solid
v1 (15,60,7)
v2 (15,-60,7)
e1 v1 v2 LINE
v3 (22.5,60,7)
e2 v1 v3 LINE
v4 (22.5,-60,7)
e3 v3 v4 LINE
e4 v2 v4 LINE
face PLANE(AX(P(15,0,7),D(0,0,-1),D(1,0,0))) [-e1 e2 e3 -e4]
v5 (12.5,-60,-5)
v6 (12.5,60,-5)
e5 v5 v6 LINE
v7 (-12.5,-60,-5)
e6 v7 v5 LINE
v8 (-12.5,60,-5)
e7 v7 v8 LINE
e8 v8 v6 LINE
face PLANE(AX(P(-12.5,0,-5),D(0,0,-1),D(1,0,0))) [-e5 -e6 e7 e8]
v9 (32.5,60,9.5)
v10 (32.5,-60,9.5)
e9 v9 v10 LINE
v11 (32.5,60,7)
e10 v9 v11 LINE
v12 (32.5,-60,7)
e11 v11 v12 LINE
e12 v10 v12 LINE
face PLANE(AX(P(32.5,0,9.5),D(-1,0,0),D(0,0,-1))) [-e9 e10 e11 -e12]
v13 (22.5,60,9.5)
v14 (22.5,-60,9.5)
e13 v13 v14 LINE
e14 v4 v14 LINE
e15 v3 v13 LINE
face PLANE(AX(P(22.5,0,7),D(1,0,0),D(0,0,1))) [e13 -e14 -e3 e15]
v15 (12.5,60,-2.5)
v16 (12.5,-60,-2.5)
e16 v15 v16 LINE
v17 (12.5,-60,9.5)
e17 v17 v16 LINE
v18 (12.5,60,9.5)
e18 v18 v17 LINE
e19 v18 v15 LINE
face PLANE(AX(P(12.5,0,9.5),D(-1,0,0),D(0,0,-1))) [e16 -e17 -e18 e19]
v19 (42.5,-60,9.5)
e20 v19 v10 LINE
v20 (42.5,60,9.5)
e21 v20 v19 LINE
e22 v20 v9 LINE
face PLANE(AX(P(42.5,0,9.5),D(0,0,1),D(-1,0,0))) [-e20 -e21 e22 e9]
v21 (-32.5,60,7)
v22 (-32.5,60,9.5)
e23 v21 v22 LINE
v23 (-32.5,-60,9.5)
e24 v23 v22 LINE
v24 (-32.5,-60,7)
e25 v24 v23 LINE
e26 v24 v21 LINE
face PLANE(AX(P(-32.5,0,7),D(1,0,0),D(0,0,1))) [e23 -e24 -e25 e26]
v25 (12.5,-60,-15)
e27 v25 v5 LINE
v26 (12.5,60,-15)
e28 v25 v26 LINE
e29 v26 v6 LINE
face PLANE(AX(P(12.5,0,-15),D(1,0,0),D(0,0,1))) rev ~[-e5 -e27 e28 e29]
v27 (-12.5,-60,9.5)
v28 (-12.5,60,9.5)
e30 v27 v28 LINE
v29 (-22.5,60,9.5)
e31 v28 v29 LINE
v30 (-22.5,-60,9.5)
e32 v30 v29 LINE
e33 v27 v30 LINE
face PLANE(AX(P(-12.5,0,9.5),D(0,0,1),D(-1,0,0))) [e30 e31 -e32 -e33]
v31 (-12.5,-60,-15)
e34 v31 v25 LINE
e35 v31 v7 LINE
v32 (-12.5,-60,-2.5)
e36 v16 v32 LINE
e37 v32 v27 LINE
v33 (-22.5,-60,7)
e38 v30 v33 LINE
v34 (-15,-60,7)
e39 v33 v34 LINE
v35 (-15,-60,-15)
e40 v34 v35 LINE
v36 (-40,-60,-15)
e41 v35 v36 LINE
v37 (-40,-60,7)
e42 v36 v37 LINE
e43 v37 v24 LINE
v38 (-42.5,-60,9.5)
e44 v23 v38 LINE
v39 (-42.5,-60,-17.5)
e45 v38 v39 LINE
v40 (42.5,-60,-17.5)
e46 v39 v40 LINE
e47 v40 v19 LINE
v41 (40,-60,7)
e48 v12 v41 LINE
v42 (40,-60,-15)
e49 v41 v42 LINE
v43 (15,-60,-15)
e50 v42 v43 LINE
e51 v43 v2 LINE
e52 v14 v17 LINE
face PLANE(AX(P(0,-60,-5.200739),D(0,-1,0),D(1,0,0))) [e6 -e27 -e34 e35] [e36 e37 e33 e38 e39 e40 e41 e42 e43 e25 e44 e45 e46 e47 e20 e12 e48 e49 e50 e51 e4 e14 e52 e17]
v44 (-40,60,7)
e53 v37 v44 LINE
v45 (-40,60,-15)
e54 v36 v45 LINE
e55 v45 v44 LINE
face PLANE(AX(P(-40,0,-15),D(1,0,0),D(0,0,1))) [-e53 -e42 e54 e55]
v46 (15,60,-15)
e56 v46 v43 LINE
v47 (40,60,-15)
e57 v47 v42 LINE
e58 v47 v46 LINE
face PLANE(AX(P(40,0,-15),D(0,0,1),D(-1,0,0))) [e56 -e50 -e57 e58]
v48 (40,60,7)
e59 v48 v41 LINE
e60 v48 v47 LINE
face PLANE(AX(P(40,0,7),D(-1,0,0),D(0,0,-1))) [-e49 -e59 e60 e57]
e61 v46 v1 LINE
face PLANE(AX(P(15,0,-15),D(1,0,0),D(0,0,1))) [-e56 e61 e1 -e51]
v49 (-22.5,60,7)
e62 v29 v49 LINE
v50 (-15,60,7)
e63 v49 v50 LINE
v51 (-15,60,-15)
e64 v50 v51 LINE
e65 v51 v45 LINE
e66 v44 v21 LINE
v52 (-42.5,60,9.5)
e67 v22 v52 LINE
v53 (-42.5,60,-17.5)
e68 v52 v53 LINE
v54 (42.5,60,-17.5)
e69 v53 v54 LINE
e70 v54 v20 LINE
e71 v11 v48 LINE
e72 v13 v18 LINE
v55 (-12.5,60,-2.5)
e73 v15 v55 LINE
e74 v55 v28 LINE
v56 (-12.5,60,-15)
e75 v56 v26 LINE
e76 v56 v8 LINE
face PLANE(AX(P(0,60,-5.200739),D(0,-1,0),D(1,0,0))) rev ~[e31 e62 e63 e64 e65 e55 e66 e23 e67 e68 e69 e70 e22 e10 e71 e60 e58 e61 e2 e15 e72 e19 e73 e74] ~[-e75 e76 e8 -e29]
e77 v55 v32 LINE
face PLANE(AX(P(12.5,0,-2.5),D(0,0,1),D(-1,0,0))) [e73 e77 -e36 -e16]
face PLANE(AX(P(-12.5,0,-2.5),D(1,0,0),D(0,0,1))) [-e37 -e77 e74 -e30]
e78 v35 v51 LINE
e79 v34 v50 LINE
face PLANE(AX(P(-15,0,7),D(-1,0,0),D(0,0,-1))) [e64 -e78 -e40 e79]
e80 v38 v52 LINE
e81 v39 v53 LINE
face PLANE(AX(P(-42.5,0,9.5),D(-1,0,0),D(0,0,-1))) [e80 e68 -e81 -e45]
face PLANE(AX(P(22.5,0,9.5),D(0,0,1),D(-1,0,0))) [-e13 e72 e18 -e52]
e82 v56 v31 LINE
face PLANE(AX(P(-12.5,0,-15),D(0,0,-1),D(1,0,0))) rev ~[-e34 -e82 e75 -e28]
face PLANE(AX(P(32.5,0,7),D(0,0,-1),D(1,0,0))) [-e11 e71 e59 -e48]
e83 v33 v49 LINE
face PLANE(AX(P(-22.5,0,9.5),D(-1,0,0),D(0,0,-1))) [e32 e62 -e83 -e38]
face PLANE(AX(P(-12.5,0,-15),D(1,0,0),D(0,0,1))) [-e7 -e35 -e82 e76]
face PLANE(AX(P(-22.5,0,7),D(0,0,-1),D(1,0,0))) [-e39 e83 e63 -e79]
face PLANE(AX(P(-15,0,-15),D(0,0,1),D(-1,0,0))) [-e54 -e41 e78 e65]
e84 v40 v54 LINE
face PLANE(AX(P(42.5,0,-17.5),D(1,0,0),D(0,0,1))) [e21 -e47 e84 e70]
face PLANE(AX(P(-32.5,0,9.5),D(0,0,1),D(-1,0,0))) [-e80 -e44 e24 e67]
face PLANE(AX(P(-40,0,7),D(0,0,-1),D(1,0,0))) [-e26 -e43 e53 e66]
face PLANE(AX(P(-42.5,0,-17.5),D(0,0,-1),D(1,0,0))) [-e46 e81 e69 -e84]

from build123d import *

# Parameters (mm, degrees)
F0_W     = 25
F0_H     = 10
F1_DEPTH = 60


with BuildPart() as f1:
    # F0 (on Front) → F1 (new body, symmetric)
    with BuildSketch(Plane.XZ):
        Polygon((42.5, -17.5), (42.5, 9.5), (32.5, 9.5), (32.5, 7), (40, 7), (40, -15), (15, -15), (15, 7), (22.5, 7), (22.5, 9.5), (12.5, 9.5), (12.5, -2.5), (-12.5, -2.5), (-12.5, 9.5), (-22.5, 9.5), (-22.5, 7), (-15, 7), (-15, -15), (-40, -15), (-40, 7), (-32.5, 7), (-32.5, 9.5), (-42.5, 9.5), (-42.5, -17.5), align=None)
        with Locations((0, -10)):
            Rectangle(F0_W, F0_H, mode=Mode.SUBTRACT)
    extrude(amount=F1_DEPTH, both=True)


solid = f1.part
